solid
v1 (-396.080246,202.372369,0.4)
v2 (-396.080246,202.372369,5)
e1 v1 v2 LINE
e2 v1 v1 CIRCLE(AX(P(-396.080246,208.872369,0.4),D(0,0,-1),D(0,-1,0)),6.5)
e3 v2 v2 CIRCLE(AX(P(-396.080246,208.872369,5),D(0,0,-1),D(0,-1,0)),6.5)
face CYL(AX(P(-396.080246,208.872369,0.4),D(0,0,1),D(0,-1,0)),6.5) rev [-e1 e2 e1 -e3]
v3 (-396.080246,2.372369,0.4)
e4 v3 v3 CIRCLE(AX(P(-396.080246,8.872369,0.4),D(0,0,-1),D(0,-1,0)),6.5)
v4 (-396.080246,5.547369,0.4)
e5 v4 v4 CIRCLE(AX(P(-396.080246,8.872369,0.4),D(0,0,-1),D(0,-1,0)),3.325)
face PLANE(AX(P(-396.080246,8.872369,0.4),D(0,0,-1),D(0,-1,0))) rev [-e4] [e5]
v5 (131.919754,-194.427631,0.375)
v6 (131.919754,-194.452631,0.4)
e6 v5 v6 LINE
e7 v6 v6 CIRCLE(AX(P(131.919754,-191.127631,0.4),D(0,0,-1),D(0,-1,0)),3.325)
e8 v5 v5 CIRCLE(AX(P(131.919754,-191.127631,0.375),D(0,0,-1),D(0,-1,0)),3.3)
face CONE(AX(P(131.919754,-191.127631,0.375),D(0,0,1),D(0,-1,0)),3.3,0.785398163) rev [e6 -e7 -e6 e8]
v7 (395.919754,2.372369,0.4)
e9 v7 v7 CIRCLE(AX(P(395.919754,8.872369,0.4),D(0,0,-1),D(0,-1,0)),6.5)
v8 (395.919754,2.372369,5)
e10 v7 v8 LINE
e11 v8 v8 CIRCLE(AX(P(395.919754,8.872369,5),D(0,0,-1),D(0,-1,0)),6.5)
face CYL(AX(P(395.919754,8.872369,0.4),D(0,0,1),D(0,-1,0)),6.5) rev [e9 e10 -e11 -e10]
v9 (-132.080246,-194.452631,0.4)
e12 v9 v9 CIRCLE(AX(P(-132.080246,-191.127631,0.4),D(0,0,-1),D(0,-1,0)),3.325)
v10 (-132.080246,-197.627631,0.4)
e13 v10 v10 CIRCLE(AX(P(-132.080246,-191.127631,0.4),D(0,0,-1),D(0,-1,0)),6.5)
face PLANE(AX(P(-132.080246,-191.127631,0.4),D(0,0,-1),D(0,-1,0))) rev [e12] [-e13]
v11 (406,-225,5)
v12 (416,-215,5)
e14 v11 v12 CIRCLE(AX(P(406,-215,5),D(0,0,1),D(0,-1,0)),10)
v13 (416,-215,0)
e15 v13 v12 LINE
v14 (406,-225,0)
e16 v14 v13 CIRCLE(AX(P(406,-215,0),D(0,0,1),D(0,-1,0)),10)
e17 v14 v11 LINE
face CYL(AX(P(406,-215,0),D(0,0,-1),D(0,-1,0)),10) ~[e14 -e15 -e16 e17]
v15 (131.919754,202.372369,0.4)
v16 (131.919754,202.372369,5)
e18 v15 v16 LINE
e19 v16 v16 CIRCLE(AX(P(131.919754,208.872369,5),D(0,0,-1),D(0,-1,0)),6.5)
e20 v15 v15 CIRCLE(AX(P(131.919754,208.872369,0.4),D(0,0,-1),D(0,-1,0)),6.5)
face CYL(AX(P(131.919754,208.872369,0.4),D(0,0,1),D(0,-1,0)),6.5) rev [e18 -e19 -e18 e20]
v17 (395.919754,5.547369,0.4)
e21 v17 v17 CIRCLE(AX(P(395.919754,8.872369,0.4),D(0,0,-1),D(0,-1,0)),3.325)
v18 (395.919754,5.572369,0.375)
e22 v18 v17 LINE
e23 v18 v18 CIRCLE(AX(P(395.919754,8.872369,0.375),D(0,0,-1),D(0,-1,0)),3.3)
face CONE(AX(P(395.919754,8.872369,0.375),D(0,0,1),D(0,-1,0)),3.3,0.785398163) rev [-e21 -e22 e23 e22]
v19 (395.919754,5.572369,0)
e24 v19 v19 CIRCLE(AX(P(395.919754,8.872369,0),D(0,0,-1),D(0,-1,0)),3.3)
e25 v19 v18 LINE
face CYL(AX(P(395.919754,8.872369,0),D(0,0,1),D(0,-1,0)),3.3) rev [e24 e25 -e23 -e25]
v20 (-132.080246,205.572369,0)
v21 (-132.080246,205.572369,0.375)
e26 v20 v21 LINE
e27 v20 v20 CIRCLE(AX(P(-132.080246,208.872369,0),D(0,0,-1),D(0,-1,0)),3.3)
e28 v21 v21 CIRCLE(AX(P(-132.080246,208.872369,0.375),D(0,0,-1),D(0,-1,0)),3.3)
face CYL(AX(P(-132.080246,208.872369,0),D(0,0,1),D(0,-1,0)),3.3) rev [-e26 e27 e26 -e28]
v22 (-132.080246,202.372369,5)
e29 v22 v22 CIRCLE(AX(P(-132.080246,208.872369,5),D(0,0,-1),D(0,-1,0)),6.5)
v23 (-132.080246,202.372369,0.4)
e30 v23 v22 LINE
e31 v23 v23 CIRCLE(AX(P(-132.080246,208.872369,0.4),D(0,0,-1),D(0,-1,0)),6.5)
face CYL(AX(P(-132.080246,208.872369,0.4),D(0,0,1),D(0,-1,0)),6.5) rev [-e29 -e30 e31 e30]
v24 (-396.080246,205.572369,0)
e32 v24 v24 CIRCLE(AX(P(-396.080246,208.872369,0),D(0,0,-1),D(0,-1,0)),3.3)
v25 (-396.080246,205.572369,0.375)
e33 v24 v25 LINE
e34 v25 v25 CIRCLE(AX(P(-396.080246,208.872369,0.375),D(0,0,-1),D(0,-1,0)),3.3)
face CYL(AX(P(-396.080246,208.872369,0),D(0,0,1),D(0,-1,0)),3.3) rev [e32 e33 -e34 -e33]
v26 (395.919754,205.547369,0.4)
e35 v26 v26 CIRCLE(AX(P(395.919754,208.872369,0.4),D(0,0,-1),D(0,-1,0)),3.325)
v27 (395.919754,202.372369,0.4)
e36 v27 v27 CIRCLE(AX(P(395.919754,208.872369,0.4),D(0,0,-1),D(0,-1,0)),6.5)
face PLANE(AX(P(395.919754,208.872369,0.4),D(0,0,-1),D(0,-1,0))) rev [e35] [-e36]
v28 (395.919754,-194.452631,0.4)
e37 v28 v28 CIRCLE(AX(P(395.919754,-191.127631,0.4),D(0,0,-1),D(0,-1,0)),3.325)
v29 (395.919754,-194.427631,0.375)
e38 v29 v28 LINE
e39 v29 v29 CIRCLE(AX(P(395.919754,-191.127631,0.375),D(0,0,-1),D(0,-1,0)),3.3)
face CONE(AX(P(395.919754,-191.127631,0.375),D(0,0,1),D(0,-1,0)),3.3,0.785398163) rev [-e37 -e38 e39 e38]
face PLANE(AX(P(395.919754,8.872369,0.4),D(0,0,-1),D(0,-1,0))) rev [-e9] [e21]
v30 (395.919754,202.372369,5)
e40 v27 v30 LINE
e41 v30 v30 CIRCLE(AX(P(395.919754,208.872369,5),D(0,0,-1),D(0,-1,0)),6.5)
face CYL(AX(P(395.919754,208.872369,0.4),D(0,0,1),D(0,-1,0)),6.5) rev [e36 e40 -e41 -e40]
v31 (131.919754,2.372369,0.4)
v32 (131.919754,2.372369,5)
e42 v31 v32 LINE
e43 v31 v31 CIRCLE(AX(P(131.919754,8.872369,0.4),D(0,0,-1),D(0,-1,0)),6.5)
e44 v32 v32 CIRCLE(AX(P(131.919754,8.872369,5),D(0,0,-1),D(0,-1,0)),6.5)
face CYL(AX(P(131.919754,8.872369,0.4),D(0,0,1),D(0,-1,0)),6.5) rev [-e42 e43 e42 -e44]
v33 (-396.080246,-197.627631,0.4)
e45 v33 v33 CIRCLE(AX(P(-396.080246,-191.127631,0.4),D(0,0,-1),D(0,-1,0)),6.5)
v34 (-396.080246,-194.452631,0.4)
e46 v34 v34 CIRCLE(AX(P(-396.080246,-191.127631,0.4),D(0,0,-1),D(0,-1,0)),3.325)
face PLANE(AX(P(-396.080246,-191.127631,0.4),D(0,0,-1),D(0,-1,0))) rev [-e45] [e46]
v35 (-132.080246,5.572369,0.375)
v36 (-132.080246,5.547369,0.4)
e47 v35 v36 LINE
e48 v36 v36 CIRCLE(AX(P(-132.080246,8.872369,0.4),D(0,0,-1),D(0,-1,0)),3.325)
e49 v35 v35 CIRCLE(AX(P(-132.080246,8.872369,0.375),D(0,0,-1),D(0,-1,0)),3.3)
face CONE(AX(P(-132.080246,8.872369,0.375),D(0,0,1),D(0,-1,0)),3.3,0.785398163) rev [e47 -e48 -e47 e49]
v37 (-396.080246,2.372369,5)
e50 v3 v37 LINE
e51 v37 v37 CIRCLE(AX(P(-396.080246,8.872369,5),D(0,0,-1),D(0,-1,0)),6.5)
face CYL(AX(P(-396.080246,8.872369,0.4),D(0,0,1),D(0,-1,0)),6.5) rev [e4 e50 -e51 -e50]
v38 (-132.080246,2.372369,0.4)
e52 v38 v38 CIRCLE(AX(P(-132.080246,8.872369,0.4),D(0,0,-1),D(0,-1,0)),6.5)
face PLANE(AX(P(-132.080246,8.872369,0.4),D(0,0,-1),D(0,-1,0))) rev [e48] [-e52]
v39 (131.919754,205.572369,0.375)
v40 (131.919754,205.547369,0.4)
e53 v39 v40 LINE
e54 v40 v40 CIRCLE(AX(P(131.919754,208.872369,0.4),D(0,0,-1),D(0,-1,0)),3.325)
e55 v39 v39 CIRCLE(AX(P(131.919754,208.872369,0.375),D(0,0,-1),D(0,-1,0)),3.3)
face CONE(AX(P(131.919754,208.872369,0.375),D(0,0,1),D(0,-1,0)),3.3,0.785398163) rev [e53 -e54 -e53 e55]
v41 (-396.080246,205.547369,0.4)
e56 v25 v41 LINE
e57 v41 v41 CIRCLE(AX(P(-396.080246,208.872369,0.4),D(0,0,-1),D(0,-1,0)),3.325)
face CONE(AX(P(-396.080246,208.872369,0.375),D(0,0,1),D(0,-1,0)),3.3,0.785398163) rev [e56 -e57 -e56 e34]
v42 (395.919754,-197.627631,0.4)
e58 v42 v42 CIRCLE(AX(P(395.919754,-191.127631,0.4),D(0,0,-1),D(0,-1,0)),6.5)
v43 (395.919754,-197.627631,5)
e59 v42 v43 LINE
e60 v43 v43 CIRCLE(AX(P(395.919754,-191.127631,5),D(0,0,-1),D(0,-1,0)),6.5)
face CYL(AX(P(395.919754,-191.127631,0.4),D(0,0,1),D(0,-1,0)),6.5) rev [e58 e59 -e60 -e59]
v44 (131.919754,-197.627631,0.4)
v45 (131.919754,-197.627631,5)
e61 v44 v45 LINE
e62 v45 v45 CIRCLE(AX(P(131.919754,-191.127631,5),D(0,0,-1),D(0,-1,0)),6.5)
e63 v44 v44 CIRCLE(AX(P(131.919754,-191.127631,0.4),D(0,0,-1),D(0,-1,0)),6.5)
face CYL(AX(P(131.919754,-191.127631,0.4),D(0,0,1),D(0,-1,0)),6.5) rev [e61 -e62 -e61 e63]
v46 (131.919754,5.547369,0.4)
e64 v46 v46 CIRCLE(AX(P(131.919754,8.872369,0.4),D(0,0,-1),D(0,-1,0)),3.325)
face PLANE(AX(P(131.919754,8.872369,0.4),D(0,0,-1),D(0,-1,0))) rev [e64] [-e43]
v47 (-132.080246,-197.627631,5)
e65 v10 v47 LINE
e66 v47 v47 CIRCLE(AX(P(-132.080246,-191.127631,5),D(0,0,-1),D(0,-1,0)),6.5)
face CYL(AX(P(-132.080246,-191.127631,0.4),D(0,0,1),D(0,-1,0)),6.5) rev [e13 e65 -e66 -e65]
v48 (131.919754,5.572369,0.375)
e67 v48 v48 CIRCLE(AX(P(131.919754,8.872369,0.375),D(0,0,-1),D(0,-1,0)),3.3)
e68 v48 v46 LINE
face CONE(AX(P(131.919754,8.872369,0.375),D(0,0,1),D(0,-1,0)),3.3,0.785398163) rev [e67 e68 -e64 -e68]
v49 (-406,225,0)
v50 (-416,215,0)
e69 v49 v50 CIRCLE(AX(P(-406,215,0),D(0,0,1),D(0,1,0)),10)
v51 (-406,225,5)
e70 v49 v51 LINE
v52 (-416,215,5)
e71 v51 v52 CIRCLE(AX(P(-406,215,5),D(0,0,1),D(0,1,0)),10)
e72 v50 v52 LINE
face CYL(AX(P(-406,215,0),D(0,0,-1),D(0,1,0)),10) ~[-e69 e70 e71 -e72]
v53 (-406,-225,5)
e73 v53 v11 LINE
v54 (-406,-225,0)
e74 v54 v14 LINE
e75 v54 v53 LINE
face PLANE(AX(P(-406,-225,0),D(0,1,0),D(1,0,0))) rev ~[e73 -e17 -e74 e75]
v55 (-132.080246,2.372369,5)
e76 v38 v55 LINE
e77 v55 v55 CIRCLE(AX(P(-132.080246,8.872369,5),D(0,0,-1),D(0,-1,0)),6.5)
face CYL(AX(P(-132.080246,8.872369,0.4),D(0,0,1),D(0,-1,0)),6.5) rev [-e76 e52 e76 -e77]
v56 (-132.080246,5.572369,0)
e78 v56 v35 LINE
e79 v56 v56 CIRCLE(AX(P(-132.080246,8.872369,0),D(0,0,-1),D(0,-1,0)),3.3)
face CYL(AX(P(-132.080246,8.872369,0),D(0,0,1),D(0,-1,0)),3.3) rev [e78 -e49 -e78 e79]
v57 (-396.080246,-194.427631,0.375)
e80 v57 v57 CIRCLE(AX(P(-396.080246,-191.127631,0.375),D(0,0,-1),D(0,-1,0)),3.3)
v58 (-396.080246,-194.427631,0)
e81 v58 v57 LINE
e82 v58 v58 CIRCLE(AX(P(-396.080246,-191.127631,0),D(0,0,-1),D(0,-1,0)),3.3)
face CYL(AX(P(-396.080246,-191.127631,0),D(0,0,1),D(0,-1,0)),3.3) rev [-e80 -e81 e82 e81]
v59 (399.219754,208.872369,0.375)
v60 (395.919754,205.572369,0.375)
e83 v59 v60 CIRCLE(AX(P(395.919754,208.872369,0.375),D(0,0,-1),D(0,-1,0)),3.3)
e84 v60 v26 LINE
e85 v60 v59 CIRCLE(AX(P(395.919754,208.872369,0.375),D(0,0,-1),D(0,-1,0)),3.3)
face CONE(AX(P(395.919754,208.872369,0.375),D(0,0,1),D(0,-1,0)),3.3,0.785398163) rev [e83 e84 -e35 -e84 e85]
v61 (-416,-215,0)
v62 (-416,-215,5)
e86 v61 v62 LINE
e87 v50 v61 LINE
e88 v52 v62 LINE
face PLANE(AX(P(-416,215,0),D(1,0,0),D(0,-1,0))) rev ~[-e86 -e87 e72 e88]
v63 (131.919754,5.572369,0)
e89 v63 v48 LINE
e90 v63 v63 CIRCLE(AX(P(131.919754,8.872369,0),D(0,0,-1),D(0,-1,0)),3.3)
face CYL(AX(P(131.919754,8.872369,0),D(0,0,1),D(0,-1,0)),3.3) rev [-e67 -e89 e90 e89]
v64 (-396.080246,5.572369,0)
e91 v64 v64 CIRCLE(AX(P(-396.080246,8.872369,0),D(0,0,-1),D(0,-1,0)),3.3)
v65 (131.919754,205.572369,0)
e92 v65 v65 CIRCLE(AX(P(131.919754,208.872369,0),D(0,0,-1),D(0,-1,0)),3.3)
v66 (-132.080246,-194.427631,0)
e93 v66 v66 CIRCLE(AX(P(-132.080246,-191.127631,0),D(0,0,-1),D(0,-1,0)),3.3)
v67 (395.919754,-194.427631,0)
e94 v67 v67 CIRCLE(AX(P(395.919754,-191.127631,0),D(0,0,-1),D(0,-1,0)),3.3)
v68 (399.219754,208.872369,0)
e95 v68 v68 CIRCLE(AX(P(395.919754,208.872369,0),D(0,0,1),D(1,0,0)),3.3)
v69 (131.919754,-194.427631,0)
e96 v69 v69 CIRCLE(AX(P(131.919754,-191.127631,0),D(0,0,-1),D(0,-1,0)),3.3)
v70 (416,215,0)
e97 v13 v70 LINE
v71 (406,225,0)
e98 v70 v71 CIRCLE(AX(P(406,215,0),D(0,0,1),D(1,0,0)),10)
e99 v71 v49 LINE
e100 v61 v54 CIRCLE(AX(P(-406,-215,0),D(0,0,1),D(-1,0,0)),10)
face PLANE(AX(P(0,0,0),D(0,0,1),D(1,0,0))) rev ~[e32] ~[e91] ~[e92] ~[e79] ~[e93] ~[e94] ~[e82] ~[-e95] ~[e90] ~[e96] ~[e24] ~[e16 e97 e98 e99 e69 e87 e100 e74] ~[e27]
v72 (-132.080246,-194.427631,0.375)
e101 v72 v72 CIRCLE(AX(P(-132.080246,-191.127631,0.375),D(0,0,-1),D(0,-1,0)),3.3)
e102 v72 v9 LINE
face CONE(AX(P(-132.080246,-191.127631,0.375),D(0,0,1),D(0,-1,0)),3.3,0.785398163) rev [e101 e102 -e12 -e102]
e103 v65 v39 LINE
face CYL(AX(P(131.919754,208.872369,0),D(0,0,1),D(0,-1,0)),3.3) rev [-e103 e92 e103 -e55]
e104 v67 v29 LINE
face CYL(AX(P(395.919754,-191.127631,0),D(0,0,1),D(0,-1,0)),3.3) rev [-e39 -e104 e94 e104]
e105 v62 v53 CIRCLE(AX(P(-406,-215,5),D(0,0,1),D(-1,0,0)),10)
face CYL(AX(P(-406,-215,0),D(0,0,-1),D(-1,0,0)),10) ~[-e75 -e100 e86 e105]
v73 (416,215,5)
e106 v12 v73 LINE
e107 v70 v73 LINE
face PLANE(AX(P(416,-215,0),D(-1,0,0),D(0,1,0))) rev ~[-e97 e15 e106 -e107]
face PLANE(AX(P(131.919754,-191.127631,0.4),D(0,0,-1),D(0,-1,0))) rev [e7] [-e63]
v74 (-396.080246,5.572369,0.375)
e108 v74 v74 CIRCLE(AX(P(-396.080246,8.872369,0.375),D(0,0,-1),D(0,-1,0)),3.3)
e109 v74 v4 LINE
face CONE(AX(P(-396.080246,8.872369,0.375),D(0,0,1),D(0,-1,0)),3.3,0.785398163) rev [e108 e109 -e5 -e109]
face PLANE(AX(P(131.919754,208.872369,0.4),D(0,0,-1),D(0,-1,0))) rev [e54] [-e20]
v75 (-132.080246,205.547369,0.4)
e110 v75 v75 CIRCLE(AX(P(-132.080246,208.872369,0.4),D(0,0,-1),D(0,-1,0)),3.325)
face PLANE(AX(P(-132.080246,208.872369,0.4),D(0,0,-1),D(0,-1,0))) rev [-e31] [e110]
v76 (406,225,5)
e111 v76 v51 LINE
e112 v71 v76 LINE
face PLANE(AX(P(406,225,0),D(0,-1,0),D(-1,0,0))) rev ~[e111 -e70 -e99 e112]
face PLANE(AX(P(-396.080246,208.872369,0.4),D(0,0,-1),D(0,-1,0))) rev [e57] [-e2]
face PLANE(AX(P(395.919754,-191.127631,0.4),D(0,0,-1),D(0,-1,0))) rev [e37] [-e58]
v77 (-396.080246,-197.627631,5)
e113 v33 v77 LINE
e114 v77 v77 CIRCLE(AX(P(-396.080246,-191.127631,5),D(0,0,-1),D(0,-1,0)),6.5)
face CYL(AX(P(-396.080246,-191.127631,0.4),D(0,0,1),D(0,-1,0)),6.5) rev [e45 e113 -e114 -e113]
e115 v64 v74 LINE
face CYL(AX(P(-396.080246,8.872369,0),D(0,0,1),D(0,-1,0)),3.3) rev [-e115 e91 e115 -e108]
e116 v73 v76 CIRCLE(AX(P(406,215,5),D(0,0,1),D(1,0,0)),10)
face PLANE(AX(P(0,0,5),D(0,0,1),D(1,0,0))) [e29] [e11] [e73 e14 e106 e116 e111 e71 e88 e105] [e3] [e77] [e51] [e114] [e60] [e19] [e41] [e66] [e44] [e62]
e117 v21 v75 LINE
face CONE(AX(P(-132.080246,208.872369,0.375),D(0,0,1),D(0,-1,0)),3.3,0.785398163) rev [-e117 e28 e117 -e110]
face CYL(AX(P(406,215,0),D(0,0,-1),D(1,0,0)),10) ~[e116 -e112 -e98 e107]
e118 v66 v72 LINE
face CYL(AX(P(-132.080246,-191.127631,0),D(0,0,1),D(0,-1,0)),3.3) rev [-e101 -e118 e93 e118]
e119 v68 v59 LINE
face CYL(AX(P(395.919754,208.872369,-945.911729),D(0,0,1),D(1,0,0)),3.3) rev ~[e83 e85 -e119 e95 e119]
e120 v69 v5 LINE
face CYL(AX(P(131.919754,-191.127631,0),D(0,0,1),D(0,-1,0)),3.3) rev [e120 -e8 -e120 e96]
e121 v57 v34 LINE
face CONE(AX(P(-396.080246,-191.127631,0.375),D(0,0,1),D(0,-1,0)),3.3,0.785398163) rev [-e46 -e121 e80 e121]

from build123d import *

# Parameters (mm, degrees)
BOSS_EXTRU_1_DEPTH              = 5
D_GAGEMENT_M61_D                = 6.6
R_P_TITION_LIN_AIRE1_COUNT      = 5
R_P_TITION_LIN_AIRE1_PITCH      = 100
R_P_TITION_LIN_AIRE1_COUNT_DIR2 = 4
R_P_TITION_LIN_AIRE1_PITCH_DIR2 = 264


with BuildPart() as part:
    # Esquisse1 → Boss.-Extru.1 (new body)
    with BuildSketch(Plane.XY):
        with BuildLine():
            Line((-406, -225), (406, -225))
            ThreePointArc((406, -225), (413.071067812, -222.071067812), (416, -215))
            Line((416, -215), (416, 215))
            ThreePointArc((416, 215), (413.071067812, 222.071067812), (406, 225))
            Line((406, 225), (-406, 225))
            ThreePointArc((-406, 225), (-413.071067812, 222.071067812), (-416, 215))
            Line((-416, 215), (-416, -215))
            ThreePointArc((-416, -215), (-413.071067812, -222.071067812), (-406, -225))
        make_face()
    extrude(amount=BOSS_EXTRU_1_DEPTH)

    # Dégagement M61 (through all)
    with Locations(Plane(origin=(0, 0, 0), x_dir=(-1, 0, 0), z_dir=(0, 0, -1))):
        with Locations((-395.919753935, 208.872368656)):
            Hole(D_GAGEMENT_M61_D / 2)

    # Esquisse4 → Chambrage pour vis à tête ronde bombée M61 (revolve, cut)
    with BuildSketch(Plane(origin=(395.919753935, 208.872368656, 5), x_dir=(0, -1, 0), z_dir=(1, 0, 0))):
        Polygon((0, 0), (0, 5), (3.3, 5), (3.3, 4.625), (3.325, 4.6), (6.5, 4.6), (6.5, 0), align=None)
    chambrage_pour_vis_t_te_ronde_bomb_e_m = revolve(axis=Axis((395.919753935, 208.872368656, 11.35), (0, 0, -1)), mode=Mode.SUBTRACT)

    # Répétition linéaire1: Chambrage pour vis _ t_te ronde bomb_e M 5 × 4, 8 skipped
    with Locations(*[(-j * R_P_TITION_LIN_AIRE1_PITCH_DIR2, -i * R_P_TITION_LIN_AIRE1_PITCH, 0) for i in range(R_P_TITION_LIN_AIRE1_COUNT) for j in range(R_P_TITION_LIN_AIRE1_COUNT_DIR2) if (i, j) not in ((0, 0), (1, 0), (1, 1), (1, 2), (1, 3), (3, 0), (3, 1), (3, 2), (3, 3))]):
        add(chambrage_pour_vis_t_te_ronde_bomb_e_m, mode=Mode.SUBTRACT)


solid = part.part
